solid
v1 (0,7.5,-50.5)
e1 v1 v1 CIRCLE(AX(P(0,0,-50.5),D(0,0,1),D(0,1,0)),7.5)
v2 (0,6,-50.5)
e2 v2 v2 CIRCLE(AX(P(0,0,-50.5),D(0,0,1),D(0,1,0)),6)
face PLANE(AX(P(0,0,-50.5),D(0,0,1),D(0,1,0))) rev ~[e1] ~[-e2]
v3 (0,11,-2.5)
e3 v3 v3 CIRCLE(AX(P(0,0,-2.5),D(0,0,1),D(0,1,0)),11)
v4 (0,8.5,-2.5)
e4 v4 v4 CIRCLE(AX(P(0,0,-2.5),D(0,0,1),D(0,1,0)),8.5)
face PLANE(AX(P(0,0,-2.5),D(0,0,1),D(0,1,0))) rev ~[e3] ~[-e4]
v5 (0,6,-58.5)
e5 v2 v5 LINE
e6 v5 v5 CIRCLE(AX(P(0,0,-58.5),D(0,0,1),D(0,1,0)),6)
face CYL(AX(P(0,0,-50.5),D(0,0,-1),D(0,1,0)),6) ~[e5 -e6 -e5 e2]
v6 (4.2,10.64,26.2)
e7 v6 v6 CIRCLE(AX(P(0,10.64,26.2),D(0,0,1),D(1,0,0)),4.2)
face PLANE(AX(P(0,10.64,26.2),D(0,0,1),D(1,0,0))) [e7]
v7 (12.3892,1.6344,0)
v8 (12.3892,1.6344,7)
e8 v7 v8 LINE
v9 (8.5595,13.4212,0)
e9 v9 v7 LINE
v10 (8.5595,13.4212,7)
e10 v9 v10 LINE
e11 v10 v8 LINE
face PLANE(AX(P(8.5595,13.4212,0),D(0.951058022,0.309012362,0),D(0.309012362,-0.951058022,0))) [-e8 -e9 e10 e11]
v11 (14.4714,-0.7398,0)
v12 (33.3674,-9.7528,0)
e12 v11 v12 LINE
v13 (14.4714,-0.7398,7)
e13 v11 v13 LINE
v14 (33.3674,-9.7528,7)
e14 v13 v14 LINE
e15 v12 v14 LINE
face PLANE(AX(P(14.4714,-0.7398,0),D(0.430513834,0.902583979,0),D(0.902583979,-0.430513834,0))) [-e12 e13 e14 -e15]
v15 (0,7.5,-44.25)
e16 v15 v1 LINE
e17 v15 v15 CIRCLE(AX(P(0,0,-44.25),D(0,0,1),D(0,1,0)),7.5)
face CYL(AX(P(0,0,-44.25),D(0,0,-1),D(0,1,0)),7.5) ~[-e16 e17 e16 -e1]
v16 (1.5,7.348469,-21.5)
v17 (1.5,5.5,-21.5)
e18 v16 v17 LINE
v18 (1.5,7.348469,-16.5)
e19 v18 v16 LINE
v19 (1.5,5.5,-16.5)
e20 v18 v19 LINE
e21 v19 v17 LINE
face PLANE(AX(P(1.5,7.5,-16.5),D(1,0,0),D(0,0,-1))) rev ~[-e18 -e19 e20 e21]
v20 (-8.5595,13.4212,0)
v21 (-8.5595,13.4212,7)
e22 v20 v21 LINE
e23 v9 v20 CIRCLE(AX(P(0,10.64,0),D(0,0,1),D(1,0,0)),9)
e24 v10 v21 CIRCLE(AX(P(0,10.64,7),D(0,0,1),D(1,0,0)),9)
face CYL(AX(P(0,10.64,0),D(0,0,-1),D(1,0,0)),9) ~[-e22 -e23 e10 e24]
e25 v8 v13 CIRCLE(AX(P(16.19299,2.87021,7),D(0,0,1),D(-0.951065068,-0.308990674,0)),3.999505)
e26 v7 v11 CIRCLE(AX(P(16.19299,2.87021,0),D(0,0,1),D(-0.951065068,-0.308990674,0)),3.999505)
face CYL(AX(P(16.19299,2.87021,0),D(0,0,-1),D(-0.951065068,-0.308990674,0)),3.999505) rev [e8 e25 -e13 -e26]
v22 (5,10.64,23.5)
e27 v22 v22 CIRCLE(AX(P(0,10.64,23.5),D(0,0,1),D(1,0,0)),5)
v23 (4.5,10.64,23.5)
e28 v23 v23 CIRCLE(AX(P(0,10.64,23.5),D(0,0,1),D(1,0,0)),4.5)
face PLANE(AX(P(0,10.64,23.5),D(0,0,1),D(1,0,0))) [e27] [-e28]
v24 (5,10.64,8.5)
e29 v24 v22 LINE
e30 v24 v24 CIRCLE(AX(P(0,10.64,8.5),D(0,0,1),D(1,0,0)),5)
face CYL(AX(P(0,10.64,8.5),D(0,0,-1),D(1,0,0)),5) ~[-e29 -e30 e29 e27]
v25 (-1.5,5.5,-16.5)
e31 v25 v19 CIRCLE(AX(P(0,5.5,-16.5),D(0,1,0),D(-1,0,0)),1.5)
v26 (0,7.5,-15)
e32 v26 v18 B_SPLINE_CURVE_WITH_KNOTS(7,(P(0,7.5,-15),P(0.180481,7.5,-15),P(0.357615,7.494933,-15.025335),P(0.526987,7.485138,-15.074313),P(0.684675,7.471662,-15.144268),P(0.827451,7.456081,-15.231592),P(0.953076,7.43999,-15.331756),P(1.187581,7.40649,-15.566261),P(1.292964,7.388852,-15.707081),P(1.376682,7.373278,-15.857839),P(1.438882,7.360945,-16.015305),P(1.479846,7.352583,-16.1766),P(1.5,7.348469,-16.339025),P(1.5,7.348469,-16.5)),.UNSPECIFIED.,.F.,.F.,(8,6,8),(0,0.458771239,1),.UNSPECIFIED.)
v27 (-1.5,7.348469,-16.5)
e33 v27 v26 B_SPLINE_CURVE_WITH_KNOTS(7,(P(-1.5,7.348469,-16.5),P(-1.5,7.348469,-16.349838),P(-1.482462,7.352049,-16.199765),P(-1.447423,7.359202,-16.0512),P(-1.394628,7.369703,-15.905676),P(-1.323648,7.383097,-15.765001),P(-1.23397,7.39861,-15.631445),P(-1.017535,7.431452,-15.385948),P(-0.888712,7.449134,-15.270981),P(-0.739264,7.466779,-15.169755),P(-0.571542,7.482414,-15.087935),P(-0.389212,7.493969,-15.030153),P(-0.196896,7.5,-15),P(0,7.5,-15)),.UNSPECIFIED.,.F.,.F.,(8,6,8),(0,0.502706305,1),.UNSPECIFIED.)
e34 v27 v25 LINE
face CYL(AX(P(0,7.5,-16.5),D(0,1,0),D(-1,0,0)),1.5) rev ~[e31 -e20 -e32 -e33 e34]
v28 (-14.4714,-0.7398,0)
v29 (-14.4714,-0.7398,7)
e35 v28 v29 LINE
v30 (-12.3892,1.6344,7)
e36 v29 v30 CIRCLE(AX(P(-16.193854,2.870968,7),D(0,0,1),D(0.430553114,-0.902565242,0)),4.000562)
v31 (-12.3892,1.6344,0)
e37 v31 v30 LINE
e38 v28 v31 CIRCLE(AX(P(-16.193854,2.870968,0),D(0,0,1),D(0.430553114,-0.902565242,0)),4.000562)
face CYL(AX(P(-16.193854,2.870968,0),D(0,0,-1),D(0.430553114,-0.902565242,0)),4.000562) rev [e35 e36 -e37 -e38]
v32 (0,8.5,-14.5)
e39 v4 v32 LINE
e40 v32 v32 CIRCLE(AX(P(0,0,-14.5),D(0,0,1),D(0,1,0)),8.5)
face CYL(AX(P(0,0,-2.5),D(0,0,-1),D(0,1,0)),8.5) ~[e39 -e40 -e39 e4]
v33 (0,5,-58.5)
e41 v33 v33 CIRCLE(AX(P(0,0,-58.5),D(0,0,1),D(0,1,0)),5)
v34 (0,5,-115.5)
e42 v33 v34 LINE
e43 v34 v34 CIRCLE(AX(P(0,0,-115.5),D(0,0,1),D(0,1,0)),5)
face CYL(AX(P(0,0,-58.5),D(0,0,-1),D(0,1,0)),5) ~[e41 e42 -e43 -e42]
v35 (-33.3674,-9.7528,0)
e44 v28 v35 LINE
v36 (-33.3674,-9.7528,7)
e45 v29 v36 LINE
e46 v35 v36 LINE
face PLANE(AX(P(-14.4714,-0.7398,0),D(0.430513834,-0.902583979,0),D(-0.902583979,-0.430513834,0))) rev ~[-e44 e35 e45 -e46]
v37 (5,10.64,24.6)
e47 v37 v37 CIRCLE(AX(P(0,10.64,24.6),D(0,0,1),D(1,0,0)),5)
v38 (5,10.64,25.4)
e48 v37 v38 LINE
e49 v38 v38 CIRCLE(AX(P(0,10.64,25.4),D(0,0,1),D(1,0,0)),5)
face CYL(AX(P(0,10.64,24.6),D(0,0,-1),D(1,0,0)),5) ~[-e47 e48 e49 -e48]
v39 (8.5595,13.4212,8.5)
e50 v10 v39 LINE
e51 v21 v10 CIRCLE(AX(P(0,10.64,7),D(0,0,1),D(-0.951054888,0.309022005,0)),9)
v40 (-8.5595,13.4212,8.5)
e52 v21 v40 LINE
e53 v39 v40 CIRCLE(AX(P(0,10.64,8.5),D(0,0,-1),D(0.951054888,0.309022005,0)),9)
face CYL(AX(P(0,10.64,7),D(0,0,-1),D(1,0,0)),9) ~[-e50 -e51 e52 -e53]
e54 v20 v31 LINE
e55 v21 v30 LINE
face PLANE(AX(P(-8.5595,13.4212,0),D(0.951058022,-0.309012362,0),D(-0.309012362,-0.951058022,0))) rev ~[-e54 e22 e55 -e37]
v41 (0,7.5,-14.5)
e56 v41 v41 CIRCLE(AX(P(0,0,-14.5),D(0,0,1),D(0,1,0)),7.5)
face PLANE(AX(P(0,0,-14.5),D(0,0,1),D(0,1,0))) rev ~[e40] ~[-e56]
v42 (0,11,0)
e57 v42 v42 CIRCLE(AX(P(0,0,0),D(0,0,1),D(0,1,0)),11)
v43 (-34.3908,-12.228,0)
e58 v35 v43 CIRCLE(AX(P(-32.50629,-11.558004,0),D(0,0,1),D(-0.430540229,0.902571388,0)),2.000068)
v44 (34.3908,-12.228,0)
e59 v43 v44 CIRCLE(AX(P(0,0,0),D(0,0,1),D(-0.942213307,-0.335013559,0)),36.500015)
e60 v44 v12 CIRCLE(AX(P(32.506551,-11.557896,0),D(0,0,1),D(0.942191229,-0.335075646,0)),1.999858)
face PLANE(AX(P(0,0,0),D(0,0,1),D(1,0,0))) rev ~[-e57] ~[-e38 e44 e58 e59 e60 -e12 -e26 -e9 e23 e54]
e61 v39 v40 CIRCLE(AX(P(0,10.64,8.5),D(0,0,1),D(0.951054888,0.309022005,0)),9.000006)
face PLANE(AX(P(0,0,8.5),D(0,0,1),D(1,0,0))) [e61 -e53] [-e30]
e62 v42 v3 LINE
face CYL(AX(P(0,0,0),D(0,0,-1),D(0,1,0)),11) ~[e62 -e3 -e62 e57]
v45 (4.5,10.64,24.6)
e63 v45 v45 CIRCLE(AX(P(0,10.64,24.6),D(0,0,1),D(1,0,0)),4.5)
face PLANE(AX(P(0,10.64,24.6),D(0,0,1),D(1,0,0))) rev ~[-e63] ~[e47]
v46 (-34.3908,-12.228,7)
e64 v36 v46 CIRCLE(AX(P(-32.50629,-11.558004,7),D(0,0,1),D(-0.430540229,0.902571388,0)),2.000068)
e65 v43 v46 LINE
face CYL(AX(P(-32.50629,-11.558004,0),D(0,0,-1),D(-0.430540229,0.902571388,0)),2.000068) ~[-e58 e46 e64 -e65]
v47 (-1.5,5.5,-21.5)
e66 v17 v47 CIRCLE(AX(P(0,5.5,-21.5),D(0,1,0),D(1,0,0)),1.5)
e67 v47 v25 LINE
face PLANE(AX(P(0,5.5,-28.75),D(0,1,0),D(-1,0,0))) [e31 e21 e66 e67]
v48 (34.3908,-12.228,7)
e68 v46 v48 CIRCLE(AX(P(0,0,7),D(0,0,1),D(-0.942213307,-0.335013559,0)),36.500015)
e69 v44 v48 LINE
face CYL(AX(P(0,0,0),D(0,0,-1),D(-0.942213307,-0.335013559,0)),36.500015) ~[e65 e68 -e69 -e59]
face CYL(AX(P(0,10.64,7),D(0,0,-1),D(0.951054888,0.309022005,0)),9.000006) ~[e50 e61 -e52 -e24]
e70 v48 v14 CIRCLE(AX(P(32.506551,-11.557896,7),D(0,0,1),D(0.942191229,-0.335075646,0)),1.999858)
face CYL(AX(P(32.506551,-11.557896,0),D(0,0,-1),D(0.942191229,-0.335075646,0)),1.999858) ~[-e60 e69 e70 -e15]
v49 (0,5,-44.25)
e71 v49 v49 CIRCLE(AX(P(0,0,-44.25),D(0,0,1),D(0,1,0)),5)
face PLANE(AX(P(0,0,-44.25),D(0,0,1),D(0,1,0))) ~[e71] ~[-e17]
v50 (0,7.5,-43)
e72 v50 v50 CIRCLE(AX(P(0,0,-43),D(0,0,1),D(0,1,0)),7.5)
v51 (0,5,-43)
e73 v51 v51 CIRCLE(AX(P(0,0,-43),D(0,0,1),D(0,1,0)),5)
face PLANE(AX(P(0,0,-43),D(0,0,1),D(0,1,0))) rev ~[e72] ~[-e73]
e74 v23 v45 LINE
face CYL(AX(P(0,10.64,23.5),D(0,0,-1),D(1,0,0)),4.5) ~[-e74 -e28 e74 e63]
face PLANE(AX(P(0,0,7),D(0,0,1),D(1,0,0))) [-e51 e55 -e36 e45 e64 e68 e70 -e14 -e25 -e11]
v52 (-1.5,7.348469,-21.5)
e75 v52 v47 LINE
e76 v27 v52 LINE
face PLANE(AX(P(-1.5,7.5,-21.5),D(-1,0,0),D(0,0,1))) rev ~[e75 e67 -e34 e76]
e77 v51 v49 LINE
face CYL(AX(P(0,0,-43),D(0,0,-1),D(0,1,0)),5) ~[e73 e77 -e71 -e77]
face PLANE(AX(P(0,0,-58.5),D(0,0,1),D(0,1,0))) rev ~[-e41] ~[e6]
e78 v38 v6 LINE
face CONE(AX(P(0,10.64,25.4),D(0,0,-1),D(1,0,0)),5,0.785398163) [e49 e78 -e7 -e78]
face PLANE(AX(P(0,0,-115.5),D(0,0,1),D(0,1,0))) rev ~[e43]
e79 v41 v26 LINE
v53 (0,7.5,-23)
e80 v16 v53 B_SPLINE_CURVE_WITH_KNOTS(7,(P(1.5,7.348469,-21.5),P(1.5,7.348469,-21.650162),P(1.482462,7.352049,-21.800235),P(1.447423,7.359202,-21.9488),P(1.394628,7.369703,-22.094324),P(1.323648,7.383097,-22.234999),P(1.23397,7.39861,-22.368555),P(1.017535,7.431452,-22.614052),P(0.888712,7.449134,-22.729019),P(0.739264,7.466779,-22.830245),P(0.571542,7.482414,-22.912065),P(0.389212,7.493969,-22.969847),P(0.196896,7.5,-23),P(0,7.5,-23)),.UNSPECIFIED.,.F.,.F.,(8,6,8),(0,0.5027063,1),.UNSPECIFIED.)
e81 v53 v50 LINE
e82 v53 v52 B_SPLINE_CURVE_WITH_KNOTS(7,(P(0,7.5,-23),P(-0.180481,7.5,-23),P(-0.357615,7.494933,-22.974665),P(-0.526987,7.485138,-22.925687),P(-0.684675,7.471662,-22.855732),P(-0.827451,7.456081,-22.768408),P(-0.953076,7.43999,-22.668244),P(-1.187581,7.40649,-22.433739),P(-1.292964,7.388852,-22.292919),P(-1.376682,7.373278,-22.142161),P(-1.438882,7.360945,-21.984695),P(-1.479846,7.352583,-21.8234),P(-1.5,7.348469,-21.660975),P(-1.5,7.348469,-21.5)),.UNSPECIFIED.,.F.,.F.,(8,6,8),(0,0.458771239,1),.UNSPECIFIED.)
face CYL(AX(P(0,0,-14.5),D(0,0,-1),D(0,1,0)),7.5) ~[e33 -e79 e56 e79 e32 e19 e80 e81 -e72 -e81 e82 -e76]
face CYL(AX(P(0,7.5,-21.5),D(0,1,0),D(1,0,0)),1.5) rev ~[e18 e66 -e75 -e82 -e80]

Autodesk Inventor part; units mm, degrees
ref_plane "YZ Plane" through (0, 0, 0) normal (1, 0, 0) x (0, 1, 0)
ref_plane "XY Plane" through (0, 0, 0) normal (0, 0, 1) x (1, 0, 0)
sketch "Sketch1" plane through (0, 0, 0) normal (1, 0, 0) x (0, 1, 0)
  line L0 (0, 0) -> (11, 0)
  line L1 (11, 0) -> (11, -2.5)
  line L2 (11, -2.5) -> (8.5, -2.5)
  line L3 (8.5, -2.5) -> (8.5, -14.5)
  line L4 (8.5, -14.5) -> (7.5, -14.5)
  line L5 (7.5, -14.5) -> (7.5, -43)
  line L6 (7.5, -43) -> (5, -43)
  line L7 (5, -43) -> (5, -44.25)
  line L8 (5, -44.25) -> (7.5, -44.25)
  line L9 (7.5, -44.25) -> (7.5, -50.5)
  line L10 (7.5, -50.5) -> (6, -50.5)
  line L11 (6, -50.5) -> (6, -58.5)
  line L12 (6, -58.5) -> (5, -58.5)
  line L13 (5, -58.5) -> (5, -115.5)
  line L14 (5, -115.5) -> (0, -115.5)
  line L15 (0, -115.5) -> (0, 0)
  dimension "d0" = 5
  dimension "d1" = 6
  dimension "d2" = 7.5
  dimension "d3" = 5
  dimension "d4" = 8.5
  dimension "d5" = 7.5
  dimension "d6" = 11
  dimension "d7" = 2.5
  dimension "d8" = 12
  dimension "d9" = 1.25
  dimension "d10" = 6.25
  dimension "d12" = 57
  dimension "d13" = 65
  dimension "d14" = 28.5
revolve "Revolution1" add sketch "Sketch1" angle 360 about axis through (0, 0, -115.5) along (0, 0, 1)
sketch "Sketch2" plane through (0, 0, 0) normal (0, 0, 1) x (1, 0, 0)
  circle A0 centre (0, 10.64) radius 9
  arc A1 (-34.3908, -12.228) -> (34.3908, -12.228) centre (0, 0) ccw
  line L0 (0, 0) -> (118.8939, 0) construction
  line L1 (8.5595, 13.4212) -> (12.3892, 1.6344)
  circle A2 centre (0, 0) radius 5 construction
  line L2 (0, 0) -> (0, 32.7762) construction
  line L3 (14.4714, -0.7398) -> (33.3674, -9.7528)
  line L4 (-8.5595, 13.4212) -> (-12.3892, 1.6344)
  line L5 (-14.4714, -0.7398) -> (-33.3674, -9.7528)
  arc A3 (12.3892, 1.6344) -> (14.4714, -0.7398) centre (16.1935, 2.8705) ccw
  arc A4 (-14.4714, -0.7398) -> (-12.3892, 1.6344) centre (-16.1935, 2.8705) ccw
  arc A5 (34.3908, -12.228) -> (33.3674, -9.7528) centre (32.5064, -11.5579) ccw
  arc A6 (-33.3674, -9.7528) -> (-34.3908, -12.228) centre (-32.5064, -11.5579) ccw
  line L6 (0, 19.64) -> (56.14, 19.64) construction
  line L7 (0, -36.5) -> (89.4441, -36.5) construction
  point P0 (34.9542, -10.5096)
  point P1 (-34.9542, -10.5096)
  point P2 (-12.9203, 0)
  point P3 (12.9203, 0)
  dimension "d16" = 18
  dimension "d17" = 73
  dimension "d18" = 10.64
  dimension "d19" = 18
  dimension "d20" = 25.5
  dimension "d21" = 4
  dimension "d22" = 2
  dimension "d24" = 56.14
  dimension "d25" = 18
  dimension "d26" = 25.5
extrude "Extrusion1" add sketch "Sketch2" along normal blind 7
sketch "Sketch3" plane through (0, 0, 7) normal (0, 0, 1) x (1, 0, 0)
  arc A0 (8.5595, 13.4212) -> (-8.5595, 13.4212) centre (0, 10.64) ccw projected
  circle A1 centre (0, 10.64) radius 9 projected
  point P0 (0, 0)
extrude "Extrusion2" add sketch "Sketch3" along normal blind 1.5
sketch "Sketch4" plane through (0, 10.64, 8.5) normal (0, 0, 1) x (1, 0, 0)
  circle A0 centre (0, 0) radius 5
  point P0 (0, -10.64)
  dimension "d31" = 10
extrude "Extrusion3" add sketch "Sketch4" along normal blind 15
sketch "Sketch5" plane through (0, 10.64, 23.5) normal (0, 0, 1) x (1, 0, 0)
  circle A0 centre (0, 0) radius 4.5
  circle A1 centre (0, 0) radius 9 construction
  point P0 (0, -10.64)
  dimension "d35" = 9
extrude "Extrusion4" add sketch "Sketch5" along normal blind 1.1
sketch "Sketch6" plane through (0, 10.64, 24.6) normal (0, 0, 1) x (1, 0, 0)
  circle A0 centre (0, 0) radius 5
  point P0 (0, -10.64)
  dimension "d38" = 10
extrude "Extrusion5" add sketch "Sketch6" along normal blind 1.6
chamfer "Chamfer1" distance 0.8 angle 45 1 edges at (-5, 10.64, 26.2) measured on face at (0.4847, 10.64, 26.2)
thread "Thread1" size "M10x1.5" class "6g" standard "ISO Metric profile" length 28
ref_plane "Work Plane1" through (0, 7.5, -28.75) normal (0, 1, 0) x (-1, 0, 0)
sketch "Sketch7" plane through (0, 7.5, -28.75) normal (0, 1, 0) x (-1, 0, 0)
  line L0 (-8.5, 14.25) -> (8.5, 14.25) construction
  line L1 (0, 12.25) -> (0, 7.25) construction
  line L2 (-1.5, 12.25) -> (-1.5, 7.25)
  line L3 (1.5, 7.25) -> (1.5, 12.25)
  arc A0 (1.5, 12.25) -> (-1.5, 12.25) centre (0, 12.25) ccw
  arc A1 (-1.5, 7.25) -> (1.5, 7.25) centre (0, 7.25) ccw
  point P0 (0, 28.75)
  point P1 (0, 9.75)
  dimension "d46" = 1.5
  dimension "d47" = 5
  dimension "d48" = 0.5
extrude "Extrusion6" cut sketch "Sketch7" against normal blind 2
properties part number "Shaft"
